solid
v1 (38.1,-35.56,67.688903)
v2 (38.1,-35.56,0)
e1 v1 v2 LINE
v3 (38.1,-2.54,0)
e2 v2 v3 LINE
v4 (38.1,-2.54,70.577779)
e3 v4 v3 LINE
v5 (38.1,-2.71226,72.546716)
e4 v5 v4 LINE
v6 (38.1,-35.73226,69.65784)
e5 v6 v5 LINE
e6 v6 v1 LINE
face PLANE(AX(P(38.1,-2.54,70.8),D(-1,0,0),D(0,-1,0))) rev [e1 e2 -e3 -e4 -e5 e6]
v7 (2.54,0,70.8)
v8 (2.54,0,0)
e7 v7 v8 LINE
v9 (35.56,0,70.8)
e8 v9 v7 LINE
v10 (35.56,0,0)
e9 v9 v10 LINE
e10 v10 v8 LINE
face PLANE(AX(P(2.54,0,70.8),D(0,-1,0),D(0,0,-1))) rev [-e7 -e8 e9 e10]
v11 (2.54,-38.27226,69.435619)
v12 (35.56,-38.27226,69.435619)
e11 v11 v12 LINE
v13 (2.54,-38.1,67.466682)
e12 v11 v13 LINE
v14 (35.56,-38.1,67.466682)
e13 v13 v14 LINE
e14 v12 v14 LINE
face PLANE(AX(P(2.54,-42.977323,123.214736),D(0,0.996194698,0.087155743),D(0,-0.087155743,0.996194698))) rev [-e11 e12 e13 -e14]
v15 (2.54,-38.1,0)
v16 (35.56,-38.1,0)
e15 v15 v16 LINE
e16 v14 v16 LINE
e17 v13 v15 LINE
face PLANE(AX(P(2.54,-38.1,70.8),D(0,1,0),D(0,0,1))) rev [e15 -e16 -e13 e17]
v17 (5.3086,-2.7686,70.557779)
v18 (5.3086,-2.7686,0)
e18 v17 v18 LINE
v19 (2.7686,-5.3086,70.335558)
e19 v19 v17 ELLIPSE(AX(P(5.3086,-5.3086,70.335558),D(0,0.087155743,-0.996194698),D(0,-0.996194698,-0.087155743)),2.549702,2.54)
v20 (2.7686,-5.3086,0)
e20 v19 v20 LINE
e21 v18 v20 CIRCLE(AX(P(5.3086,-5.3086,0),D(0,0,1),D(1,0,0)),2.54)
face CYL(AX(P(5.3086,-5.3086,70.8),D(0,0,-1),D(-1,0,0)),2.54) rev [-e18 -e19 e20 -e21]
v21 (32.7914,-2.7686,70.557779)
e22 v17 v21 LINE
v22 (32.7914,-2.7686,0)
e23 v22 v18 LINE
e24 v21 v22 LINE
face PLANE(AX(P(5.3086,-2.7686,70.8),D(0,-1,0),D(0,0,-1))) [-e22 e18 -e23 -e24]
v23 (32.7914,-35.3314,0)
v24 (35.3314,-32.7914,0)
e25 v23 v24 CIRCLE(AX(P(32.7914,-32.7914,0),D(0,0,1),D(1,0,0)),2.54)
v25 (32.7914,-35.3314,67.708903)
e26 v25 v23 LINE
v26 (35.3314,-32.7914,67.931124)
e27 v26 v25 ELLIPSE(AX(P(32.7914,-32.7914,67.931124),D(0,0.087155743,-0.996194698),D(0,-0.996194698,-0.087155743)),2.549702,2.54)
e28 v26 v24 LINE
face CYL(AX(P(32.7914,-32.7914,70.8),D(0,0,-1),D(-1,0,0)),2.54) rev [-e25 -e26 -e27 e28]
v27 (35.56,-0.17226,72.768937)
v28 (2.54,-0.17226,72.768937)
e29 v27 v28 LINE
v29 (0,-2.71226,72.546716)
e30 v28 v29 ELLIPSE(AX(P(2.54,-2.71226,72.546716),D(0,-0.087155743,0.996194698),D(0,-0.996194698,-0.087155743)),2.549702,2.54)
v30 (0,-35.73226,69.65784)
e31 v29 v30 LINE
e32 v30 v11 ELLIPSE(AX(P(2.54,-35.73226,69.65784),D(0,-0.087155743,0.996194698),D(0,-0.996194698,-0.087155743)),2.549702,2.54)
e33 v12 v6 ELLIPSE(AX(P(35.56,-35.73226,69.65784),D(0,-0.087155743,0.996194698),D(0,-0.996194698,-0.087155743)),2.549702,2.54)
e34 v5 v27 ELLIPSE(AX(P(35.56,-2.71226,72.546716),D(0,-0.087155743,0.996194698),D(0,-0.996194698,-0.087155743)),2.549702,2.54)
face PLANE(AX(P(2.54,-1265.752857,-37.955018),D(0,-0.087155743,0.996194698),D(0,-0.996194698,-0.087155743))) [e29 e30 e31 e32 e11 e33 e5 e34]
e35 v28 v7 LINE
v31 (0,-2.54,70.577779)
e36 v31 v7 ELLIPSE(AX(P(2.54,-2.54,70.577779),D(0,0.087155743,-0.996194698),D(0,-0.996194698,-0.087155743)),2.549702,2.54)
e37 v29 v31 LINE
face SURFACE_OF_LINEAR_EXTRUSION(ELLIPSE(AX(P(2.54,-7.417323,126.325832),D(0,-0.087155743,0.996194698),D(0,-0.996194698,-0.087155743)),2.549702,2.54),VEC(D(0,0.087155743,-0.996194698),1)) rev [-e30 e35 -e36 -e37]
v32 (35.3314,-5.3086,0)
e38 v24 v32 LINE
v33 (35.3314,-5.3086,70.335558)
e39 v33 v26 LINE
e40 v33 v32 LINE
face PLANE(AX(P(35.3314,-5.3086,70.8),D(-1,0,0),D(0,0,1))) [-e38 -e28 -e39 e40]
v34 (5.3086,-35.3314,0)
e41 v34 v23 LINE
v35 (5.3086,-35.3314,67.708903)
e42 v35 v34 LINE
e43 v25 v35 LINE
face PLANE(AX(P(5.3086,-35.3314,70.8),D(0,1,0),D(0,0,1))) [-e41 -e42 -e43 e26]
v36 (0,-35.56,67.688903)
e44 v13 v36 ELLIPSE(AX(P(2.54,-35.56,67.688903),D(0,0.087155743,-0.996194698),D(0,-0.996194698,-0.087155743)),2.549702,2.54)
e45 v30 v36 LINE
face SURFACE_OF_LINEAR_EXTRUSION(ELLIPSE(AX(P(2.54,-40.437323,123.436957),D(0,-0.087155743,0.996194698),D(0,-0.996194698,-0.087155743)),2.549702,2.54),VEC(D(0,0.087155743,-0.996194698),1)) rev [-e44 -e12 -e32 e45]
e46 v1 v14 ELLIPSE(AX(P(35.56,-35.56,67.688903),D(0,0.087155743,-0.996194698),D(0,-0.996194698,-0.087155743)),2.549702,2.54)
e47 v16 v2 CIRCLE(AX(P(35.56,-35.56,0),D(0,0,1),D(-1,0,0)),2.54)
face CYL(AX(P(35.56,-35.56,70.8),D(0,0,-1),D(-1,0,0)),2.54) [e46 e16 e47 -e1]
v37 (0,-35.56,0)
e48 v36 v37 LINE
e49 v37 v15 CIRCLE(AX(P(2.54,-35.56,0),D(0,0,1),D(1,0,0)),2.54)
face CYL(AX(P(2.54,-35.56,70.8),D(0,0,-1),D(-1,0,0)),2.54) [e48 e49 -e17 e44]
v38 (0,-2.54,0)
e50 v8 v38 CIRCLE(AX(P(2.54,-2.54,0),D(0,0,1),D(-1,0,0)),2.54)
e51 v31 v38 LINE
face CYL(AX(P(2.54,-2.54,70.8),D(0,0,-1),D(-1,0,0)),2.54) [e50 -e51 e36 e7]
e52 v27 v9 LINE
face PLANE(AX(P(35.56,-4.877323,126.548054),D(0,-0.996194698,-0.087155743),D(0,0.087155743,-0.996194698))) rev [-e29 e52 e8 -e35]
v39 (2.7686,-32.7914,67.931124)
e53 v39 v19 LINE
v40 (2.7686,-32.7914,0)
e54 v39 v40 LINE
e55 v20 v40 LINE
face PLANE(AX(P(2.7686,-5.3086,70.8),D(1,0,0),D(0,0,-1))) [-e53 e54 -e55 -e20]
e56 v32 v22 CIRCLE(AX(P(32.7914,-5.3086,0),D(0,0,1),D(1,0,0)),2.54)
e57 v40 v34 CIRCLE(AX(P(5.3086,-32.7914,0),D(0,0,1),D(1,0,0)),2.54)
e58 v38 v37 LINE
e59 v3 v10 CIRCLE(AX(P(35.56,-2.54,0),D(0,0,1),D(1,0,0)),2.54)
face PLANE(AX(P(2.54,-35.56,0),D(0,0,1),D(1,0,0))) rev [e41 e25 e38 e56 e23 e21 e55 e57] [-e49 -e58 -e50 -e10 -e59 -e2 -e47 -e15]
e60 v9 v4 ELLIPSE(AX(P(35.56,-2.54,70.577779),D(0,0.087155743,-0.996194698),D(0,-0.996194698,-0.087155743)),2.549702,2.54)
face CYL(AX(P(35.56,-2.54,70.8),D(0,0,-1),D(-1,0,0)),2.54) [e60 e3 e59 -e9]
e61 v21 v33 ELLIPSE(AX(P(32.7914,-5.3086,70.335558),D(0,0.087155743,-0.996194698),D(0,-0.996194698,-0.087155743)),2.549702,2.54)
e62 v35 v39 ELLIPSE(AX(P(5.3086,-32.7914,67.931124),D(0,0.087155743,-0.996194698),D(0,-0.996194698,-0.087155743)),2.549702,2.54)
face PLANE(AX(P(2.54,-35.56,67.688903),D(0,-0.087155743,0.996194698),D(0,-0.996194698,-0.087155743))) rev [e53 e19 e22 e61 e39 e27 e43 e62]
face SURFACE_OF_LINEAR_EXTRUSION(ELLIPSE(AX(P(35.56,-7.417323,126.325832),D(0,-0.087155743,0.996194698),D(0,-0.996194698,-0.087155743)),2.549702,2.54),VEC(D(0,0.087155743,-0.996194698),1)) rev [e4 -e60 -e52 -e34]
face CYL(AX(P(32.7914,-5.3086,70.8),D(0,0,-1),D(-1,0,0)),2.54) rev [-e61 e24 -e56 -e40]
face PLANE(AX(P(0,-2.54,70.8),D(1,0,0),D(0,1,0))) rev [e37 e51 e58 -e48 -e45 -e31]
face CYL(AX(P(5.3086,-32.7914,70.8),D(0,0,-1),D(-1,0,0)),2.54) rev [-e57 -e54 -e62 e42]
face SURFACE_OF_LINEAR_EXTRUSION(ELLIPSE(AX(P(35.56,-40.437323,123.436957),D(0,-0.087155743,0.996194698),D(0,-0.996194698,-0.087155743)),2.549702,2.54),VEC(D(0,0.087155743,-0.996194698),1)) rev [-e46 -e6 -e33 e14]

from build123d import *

# Parameters (mm, degrees)
BOSS_EXTRUDE1_DEPTH = 70.8
CUT_EXTRUDE1_DEPTH  = 89.971118909
BOSS_EXTRUDE2_DEPTH = 1.976458037


with BuildPart() as part:
    # Sketch1 → Boss-Extrude1 (new body)
    with BuildSketch(Plane.XY):
        with BuildLine():
            Line((2.54, 0), (35.56, 0))
            ThreePointArc((35.56, 0), (37.356051224, -0.743948776), (38.1, -2.54))
            Line((38.1, -2.54), (38.1, -35.56))
            ThreePointArc((38.1, -35.56), (37.356051224, -37.356051224), (35.56, -38.1))
            Line((35.56, -38.1), (2.54, -38.1))
            ThreePointArc((2.54, -38.1), (0.743948776, -37.356051224), (0, -35.56))
            Line((0, -35.56), (0, -2.54))
            ThreePointArc((0, -2.54), (0.743948776, -0.743948776), (2.54, 0))
        make_face()
        with BuildLine():
            Line((5.3086, -2.7686), (32.7914, -2.7686))
            ThreePointArc((32.7914, -2.7686), (34.587451224, -3.512548776), (35.3314, -5.3086))
            Line((35.3314, -5.3086), (35.3314, -32.7914))
            ThreePointArc((35.3314, -32.7914), (34.587451224, -34.587451224), (32.7914, -35.3314))
            Line((32.7914, -35.3314), (5.3086, -35.3314))
            ThreePointArc((5.3086, -35.3314), (3.512548776, -34.587451224), (2.7686, -32.7914))
            Line((2.7686, -32.7914), (2.7686, -5.3086))
            ThreePointArc((2.7686, -5.3086), (3.512548776, -3.512548776), (5.3086, -2.7686))
        make_face(mode=Mode.SUBTRACT)
    extrude(amount=BOSS_EXTRUDE1_DEPTH)

    # Sketch2 → Cut-Extrude1 (cut, through all)
    with BuildSketch(Plane(origin=(38.1, 0, 0), x_dir=(0, 0, -1), z_dir=(1, 0, 0))):
        Polygon((-70.8, 0), (-67.46668192, -38.1), (-70.8, -38.1), align=None)
    extrude(amount=-CUT_EXTRUDE1_DEPTH, mode=Mode.SUBTRACT)

    # Sketch3 → Boss-Extrude2 (add)
    with BuildSketch(Plane(origin=(0, -6.147145489, 70.262194457), x_dir=(1, 0, 0), z_dir=(0, -0.08715574274765149, 0.9961946980917462))):
        with BuildLine():
            Line((2.54, -32.074909224), (35.56, -32.074909224))
            add(Edge.make_bspline(
                [(35.56, -32.074909224), (38.1, -32.074909224), (38.1, -29.525206837)],
                knots=[0, 0, 0, 1.570796327, 1.570796327, 1.570796327], degree=2, weights=[1, 0.707106781, 1]))
            Line((38.1, -29.525206837), (38.1, 3.620924199))
            add(Edge.make_bspline(
                [(38.1, 3.620924199), (38.1, 6.170626587), (35.56, 6.170626587)],
                knots=[1.570796327, 1.570796327, 1.570796327, 3.141592654, 3.141592654, 3.141592654], degree=2, weights=[1, 0.707106781, 1]))
            Line((35.56, 6.170626587), (2.54, 6.170626587))
            add(Edge.make_bspline(
                [(2.54, 6.170626587), (0, 6.170626587), (0, 3.620924199)],
                knots=[3.141592654, 3.141592654, 3.141592654, 4.71238898, 4.71238898, 4.71238898], degree=2, weights=[1, 0.707106781, 1]))
            Line((0, 3.620924199), (0, -29.525206837))
            add(Edge.make_bspline(
                [(0, -29.525206837), (0, -32.074909224), (2.54, -32.074909224)],
                knots=[4.71238898, 4.71238898, 4.71238898, 6.283185307, 6.283185307, 6.283185307], degree=2, weights=[1, 0.707106781, 1]))
        make_face()
    extrude(amount=BOSS_EXTRUDE2_DEPTH)


solid = part.part
